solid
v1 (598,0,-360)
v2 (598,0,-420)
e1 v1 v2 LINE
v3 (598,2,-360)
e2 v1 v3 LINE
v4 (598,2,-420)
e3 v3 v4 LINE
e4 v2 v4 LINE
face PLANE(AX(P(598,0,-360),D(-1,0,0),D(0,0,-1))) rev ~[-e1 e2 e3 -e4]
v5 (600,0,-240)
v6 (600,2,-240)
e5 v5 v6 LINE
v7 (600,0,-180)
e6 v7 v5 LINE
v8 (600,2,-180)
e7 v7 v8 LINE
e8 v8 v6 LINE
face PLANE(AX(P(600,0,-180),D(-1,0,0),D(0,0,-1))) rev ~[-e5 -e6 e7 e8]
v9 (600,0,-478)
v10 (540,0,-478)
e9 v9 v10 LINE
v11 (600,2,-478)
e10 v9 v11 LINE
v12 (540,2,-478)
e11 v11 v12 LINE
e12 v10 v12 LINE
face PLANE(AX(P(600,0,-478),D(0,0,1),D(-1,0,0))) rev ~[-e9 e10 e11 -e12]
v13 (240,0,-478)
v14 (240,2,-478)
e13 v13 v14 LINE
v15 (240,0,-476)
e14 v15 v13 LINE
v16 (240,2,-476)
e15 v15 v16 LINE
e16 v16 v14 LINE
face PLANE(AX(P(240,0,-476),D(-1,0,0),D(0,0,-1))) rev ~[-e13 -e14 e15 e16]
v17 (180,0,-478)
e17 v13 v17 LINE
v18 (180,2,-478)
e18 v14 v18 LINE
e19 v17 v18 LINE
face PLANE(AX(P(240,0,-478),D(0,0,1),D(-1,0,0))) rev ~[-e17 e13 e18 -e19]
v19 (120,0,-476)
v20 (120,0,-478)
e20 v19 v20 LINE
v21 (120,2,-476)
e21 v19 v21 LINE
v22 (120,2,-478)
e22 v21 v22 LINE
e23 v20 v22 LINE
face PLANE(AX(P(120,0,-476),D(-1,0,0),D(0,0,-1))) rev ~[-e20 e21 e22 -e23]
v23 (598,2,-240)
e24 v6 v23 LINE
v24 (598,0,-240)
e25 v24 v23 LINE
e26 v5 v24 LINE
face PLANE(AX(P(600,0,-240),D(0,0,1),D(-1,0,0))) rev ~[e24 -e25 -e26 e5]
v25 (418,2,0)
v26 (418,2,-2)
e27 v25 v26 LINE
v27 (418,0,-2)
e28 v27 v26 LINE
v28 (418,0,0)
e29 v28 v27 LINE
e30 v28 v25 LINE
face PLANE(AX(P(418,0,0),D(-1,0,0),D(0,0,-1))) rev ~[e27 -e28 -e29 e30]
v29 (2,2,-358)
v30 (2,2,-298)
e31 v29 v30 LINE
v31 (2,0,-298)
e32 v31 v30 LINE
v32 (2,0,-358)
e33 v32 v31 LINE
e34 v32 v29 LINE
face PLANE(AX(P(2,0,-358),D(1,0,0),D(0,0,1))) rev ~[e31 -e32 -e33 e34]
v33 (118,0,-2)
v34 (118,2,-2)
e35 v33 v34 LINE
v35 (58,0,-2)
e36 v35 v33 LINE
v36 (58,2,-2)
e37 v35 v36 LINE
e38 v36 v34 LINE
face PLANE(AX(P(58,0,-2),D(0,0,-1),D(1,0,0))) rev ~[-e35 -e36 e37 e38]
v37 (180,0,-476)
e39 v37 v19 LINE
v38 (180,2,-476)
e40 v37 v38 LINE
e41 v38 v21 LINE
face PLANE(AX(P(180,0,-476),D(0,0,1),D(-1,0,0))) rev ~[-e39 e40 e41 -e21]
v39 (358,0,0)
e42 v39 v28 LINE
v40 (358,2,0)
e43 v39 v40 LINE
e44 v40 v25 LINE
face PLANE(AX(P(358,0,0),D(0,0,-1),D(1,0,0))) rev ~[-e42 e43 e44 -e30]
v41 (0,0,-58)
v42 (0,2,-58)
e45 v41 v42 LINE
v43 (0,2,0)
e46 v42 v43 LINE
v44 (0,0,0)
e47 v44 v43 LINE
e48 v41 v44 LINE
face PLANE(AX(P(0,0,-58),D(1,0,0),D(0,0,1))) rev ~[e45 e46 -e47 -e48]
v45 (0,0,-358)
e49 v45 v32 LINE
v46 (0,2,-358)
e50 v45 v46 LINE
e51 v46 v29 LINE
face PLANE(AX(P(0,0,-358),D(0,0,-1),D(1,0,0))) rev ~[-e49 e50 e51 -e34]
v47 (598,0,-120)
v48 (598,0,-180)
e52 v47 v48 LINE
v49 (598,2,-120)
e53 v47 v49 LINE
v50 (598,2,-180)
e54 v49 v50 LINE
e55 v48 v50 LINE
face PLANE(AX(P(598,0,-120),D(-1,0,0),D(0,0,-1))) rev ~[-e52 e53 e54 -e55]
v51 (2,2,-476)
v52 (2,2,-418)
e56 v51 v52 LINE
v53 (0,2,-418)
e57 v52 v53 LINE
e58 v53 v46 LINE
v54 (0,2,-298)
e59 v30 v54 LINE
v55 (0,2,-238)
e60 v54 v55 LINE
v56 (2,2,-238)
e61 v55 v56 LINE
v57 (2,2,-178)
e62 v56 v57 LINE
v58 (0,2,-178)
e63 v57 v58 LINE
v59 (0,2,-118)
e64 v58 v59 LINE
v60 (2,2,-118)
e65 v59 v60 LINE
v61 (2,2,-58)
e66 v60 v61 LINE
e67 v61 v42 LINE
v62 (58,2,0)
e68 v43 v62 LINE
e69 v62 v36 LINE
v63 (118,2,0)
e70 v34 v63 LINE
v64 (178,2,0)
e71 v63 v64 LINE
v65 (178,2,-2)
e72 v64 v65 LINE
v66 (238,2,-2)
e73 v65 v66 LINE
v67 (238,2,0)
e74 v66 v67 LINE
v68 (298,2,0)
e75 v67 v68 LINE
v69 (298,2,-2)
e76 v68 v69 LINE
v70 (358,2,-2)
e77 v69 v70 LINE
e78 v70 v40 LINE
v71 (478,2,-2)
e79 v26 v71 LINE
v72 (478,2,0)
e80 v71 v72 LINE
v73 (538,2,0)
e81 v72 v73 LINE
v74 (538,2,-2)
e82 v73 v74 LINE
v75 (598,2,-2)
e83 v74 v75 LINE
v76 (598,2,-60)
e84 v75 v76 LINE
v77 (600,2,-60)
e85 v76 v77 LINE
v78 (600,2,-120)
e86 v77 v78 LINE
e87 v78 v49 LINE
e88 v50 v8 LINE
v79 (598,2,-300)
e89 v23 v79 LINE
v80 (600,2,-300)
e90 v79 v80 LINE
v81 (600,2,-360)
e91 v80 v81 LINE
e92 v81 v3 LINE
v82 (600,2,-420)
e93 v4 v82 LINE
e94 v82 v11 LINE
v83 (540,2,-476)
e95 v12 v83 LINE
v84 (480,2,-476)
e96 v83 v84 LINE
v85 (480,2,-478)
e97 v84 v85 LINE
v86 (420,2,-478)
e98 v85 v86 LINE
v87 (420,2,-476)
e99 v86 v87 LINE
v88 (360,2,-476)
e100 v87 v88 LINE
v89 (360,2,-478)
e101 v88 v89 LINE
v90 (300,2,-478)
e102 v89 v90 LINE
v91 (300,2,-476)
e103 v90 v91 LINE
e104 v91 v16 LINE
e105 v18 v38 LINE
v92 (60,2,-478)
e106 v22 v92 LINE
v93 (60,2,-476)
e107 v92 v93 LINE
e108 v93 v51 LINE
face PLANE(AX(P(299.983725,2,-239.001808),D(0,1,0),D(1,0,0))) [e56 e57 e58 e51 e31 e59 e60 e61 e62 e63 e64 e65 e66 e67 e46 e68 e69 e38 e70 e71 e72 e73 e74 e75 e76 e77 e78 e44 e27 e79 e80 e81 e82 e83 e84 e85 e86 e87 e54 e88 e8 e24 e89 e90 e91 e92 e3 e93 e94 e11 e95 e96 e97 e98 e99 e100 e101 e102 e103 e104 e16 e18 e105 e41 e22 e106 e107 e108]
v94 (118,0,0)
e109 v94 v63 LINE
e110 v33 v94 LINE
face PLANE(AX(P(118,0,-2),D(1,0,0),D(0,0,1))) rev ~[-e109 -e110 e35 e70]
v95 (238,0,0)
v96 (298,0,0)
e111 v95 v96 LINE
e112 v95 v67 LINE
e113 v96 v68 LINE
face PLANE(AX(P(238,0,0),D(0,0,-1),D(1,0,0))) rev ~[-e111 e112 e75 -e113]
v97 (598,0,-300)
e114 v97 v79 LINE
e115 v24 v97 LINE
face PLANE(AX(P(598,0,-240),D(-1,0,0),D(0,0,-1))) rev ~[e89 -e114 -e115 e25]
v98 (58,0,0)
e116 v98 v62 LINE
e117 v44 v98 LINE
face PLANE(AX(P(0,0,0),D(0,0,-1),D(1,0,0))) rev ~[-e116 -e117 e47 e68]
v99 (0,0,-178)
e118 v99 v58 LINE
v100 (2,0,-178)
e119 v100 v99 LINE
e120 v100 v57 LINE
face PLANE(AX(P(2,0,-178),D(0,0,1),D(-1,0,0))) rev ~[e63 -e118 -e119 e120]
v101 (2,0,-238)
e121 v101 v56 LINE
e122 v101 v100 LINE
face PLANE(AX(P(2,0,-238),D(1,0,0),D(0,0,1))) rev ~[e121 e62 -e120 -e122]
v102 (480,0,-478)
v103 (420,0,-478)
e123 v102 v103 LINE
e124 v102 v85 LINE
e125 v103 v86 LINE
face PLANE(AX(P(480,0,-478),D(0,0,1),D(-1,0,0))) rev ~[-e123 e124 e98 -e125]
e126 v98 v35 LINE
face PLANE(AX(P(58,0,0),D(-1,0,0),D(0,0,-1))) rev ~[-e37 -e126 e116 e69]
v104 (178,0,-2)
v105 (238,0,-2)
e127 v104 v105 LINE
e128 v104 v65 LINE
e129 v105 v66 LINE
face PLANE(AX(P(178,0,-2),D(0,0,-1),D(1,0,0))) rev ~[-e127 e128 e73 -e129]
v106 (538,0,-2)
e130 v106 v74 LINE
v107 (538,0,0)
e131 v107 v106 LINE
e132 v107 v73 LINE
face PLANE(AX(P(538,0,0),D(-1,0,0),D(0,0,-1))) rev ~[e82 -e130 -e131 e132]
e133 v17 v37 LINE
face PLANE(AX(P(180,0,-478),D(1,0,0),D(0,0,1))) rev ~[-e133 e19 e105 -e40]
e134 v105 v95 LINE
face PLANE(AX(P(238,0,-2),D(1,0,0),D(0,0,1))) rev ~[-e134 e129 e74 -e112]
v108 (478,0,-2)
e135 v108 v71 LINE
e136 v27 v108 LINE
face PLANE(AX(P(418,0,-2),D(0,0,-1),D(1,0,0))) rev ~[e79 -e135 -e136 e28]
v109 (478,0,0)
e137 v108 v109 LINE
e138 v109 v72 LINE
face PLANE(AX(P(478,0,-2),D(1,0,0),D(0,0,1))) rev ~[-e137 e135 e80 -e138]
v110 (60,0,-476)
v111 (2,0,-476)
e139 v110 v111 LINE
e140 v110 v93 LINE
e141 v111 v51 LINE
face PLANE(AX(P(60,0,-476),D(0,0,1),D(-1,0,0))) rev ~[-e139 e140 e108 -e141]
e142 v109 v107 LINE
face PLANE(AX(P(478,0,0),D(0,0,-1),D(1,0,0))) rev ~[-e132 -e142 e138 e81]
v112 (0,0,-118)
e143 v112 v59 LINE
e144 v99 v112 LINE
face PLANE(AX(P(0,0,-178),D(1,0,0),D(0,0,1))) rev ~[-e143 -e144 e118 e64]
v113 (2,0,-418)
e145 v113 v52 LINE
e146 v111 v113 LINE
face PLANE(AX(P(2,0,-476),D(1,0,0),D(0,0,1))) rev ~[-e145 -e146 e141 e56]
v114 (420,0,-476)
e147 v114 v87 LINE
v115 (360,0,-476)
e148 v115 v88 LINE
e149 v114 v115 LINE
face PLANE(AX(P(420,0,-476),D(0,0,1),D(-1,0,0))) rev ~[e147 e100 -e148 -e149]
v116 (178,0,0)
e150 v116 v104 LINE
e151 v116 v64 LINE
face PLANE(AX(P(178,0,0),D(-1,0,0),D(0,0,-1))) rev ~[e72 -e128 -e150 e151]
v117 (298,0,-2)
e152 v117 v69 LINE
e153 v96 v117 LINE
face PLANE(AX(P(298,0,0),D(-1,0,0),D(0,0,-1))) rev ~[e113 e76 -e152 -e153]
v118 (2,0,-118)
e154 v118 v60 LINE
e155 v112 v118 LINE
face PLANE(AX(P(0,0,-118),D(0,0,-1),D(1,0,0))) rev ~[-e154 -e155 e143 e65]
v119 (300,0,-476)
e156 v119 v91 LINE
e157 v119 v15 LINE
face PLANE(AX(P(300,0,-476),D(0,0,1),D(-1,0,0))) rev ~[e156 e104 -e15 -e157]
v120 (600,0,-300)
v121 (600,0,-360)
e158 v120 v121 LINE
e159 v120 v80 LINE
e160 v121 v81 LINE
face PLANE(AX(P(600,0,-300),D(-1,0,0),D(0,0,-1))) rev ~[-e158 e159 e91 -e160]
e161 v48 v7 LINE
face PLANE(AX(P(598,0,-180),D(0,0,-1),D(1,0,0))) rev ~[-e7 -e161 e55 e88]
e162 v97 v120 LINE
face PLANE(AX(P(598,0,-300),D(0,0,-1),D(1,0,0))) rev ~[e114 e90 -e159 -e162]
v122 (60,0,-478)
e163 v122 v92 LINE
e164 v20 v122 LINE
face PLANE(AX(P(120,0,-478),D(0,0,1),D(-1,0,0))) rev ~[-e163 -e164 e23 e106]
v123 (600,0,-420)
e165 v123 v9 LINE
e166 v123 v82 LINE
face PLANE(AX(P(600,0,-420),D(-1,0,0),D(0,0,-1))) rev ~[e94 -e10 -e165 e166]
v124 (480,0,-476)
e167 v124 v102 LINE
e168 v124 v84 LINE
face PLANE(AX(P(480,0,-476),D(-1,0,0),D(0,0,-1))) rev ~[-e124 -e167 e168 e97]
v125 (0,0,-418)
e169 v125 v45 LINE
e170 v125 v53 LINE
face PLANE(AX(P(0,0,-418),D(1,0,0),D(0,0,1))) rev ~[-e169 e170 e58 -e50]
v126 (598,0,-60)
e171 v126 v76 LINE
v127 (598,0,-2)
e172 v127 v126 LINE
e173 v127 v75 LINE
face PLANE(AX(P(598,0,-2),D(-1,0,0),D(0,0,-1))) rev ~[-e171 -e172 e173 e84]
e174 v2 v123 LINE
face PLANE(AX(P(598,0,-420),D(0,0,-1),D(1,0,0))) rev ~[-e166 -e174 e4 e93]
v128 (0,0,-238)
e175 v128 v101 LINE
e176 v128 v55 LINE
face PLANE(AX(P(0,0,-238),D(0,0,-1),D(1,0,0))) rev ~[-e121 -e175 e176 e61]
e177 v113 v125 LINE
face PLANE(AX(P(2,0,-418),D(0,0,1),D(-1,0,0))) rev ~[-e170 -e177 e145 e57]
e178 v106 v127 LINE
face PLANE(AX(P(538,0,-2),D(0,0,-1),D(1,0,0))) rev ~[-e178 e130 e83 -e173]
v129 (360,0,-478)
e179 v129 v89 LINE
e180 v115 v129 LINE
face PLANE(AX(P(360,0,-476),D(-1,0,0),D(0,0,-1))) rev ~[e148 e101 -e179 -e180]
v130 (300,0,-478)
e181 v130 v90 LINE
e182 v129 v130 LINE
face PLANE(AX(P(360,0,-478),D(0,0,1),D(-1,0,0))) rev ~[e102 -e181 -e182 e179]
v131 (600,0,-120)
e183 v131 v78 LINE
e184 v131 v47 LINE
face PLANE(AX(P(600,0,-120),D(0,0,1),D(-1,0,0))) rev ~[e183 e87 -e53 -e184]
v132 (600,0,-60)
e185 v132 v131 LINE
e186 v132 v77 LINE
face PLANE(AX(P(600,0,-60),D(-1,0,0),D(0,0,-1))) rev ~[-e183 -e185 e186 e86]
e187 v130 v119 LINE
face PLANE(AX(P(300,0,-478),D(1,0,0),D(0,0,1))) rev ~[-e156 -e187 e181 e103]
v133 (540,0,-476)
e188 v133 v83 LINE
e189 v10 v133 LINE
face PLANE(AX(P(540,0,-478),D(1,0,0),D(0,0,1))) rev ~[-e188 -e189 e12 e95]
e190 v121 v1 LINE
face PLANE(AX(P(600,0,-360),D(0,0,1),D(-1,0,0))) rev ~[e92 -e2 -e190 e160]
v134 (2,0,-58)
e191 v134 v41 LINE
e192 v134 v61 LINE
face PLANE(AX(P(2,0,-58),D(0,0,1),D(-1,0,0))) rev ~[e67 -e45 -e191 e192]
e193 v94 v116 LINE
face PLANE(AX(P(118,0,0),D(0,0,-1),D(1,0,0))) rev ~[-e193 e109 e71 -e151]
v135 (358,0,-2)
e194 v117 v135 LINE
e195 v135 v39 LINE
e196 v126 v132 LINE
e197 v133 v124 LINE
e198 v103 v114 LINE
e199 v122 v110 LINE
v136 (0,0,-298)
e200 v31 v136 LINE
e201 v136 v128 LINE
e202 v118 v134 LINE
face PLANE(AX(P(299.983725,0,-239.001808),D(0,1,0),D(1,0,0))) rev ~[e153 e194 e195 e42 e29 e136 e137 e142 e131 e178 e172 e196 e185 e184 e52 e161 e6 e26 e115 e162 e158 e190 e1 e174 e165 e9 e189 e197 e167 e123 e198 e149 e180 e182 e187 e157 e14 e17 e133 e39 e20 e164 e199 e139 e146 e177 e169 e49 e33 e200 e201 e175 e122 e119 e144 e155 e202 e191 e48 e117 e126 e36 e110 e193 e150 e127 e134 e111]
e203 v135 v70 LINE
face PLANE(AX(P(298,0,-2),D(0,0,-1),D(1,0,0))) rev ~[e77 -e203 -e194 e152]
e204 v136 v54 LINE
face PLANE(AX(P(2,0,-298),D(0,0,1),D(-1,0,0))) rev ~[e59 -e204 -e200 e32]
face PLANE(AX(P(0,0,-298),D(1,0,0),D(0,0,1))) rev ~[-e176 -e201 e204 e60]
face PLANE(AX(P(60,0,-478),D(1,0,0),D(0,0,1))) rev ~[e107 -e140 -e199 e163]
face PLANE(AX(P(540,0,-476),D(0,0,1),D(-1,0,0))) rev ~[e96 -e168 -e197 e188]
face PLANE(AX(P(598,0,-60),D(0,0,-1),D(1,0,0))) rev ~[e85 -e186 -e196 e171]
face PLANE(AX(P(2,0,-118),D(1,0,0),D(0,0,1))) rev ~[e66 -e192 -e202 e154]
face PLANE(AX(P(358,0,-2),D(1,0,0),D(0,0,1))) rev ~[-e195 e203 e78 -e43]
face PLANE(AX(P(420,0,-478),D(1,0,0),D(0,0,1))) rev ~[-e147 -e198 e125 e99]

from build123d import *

# Parameters (mm, degrees)
BOSS_EXTRUDE1_DEPTH = 2


with BuildPart() as part:
    # Sketch1 → Boss-Extrude1 (new body)
    with BuildSketch(Plane(origin=(0, 0, 0), x_dir=(1, 0, 0), z_dir=(0, 1, 0))):
        Polygon((0, 0), (58, 0), (58, 2), (118, 2), (118, 0), (178, 0), (178, 2), (238, 2), (238, 0), (298, 0), (298, 2), (358, 2), (358, 0), (418, 0), (418, 2), (478, 2), (478, 0), (538, 0), (538, 2), (598, 2), (598, 60), (600, 60), (600, 120), (598, 120), (598, 180), (600, 180), (600, 240), (598, 240), (598, 300), (600, 300), (600, 360), (598, 360), (598, 420), (600, 420), (600, 478), (540, 478), (540, 476), (480, 476), (480, 478), (420, 478), (420, 476), (360, 476), (360, 478), (300, 478), (300, 476), (240, 476), (240, 478), (180, 478), (180, 476), (120, 476), (120, 478), (60, 478), (60, 476), (2, 476), (2, 418), (0, 418), (0, 358), (2, 358), (2, 298), (0, 298), (0, 238), (2, 238), (2, 178), (0, 178), (0, 118), (2, 118), (2, 58), (0, 58), align=None)
    extrude(amount=BOSS_EXTRUDE1_DEPTH)


solid = part.part
